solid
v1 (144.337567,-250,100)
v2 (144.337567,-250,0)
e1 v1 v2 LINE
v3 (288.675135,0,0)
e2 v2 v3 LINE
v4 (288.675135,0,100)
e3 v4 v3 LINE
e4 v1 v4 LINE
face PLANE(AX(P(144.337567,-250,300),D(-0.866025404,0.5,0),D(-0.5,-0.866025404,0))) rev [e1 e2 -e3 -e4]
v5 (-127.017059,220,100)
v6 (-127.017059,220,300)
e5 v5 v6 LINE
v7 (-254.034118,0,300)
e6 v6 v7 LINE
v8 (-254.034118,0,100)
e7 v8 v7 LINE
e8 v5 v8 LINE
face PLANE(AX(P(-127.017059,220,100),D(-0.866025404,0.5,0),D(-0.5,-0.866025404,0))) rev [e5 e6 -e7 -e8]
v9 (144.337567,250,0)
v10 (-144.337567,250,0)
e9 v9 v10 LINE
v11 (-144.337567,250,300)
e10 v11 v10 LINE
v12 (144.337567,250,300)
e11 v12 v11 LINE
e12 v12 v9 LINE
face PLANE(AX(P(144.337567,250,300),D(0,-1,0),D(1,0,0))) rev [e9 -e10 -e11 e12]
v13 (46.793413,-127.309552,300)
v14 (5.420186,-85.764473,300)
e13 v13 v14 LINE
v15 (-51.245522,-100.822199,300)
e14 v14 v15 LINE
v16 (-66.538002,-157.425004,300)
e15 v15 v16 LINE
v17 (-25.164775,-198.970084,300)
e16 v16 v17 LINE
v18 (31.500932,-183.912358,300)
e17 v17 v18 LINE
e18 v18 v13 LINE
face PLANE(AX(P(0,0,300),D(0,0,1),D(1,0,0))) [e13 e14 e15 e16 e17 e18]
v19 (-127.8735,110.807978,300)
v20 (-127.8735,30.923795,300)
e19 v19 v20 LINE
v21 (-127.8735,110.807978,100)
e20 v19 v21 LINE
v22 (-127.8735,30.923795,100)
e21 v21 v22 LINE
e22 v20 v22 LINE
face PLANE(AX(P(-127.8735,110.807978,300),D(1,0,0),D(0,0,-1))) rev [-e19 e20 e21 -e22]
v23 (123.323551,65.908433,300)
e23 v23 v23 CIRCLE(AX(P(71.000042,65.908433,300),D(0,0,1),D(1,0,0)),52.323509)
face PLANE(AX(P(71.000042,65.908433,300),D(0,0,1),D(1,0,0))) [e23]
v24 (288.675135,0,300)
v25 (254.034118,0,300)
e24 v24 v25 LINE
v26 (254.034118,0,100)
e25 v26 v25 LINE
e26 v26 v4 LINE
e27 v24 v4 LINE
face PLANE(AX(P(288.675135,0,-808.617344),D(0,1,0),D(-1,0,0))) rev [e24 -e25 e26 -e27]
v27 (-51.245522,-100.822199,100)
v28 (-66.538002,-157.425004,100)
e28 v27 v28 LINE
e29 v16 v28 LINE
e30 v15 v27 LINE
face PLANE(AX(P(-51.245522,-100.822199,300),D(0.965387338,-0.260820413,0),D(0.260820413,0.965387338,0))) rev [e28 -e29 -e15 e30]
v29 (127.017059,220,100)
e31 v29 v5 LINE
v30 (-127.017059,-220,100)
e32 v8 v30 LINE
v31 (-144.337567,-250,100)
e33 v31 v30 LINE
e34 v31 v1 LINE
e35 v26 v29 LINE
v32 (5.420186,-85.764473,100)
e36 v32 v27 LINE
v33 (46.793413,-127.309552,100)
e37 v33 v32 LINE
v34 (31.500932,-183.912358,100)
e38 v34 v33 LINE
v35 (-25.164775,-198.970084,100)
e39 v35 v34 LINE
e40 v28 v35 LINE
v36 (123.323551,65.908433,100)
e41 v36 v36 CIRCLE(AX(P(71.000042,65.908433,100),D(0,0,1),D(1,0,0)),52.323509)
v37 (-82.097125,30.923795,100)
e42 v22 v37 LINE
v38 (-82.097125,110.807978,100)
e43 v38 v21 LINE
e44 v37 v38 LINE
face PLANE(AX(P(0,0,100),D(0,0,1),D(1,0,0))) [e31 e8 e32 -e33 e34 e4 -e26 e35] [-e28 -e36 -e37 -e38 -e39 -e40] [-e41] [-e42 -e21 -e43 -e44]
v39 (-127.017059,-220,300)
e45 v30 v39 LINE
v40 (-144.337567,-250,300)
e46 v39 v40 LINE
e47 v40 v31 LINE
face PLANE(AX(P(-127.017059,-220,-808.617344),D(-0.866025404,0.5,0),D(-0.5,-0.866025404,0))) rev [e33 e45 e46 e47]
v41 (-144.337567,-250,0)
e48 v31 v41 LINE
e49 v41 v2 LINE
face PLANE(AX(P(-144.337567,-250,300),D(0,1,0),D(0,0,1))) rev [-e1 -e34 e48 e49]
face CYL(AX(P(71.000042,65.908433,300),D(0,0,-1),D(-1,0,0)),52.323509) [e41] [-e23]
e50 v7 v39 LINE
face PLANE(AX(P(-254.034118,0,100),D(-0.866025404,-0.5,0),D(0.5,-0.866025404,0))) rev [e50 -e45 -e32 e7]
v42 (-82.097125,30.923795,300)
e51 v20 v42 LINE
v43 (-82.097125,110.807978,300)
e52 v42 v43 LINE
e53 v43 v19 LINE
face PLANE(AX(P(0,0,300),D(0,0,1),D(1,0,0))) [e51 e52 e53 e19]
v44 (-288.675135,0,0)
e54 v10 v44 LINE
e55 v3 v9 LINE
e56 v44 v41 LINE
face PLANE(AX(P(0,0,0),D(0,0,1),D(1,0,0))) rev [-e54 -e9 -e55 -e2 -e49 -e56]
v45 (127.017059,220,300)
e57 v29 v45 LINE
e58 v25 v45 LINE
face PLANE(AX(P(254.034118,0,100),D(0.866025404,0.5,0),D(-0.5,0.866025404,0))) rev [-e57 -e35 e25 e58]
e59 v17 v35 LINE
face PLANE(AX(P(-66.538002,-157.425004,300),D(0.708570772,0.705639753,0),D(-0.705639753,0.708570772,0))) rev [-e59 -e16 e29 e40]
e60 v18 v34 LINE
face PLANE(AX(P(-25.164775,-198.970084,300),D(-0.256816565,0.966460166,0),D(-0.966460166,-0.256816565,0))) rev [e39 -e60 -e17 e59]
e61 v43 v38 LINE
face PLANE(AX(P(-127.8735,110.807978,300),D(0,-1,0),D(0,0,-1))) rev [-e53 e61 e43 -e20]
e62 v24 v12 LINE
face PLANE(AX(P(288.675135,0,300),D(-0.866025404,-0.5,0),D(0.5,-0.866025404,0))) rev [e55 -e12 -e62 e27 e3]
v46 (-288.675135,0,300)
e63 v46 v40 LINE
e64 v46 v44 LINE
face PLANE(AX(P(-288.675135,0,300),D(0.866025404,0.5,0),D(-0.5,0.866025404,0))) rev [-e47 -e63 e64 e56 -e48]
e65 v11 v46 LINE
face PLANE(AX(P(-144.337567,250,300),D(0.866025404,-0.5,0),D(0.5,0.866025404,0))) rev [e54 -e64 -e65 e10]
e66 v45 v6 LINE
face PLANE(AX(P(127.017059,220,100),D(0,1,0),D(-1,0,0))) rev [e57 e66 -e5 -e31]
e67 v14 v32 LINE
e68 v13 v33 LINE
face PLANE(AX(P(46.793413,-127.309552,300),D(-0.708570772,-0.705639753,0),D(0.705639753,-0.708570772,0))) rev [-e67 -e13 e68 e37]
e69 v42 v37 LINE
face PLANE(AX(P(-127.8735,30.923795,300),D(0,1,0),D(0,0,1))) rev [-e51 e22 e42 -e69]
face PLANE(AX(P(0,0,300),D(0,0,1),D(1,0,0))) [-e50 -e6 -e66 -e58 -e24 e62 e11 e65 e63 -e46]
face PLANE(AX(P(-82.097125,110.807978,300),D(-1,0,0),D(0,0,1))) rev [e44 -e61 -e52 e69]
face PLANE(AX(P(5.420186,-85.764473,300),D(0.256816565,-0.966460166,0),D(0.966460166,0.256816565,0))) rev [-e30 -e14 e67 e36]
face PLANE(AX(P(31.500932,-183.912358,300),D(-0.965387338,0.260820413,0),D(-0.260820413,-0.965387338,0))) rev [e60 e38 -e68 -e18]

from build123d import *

# Parameters (mm, degrees)
BOSS_EXTRUDE1_DEPTH = 300
CUT_EXTRUDE1_DEPTH  = 200
CUT_EXTRUDE2_DEPTH  = 200
SKETCH4_R           = 52.323508973
SKETCH4_W           = 45.776374161
SKETCH4_H           = 79.884183104
BOSS_EXTRUDE2_DEPTH = 200
BOSS_EXTRUDE3_DEPTH = 200


with BuildPart() as part:
    # Sketch1 → Boss-Extrude1 (new body)
    with BuildSketch(Plane.XY):
        Polygon((144.337567297, -250), (288.675134595, 0), (144.337567297, 250), (-144.337567297, 250), (-288.675134595, 0), (-144.337567297, -250), align=None)
    extrude(amount=BOSS_EXTRUDE1_DEPTH)

    # Sketch2 → Cut-Extrude1 (cut)
    with BuildSketch(Plane.XY.offset(300)):
        Polygon((254.034118443, 0), (127.017059222, 220), (-127.017059222, 220), (-254.034118443, 0), (-127.017059222, -220), (127.017059222, -220), align=None)
    extrude(amount=-CUT_EXTRUDE1_DEPTH, mode=Mode.SUBTRACT)

    # Sketch3 → Cut-Extrude2 (cut)
    with BuildSketch(Plane.XY.offset(300)):
        Polygon((-127.017059222, -220), (-144.337567297, -250), (-253.098126512, -358.157726196), (520.522562071, -384.900169752), (552.995529246, 34.383141715), (288.675134595, 0), (254.034118443, 0), align=None)
    extrude(amount=-CUT_EXTRUDE2_DEPTH, mode=Mode.SUBTRACT)

    # Sketch4 → Boss-Extrude2 (add)
    with BuildSketch(Plane.XY.offset(100)):
        with Locations((71.000041779, 65.908432745)):
            Circle(SKETCH4_R)
        with Locations((-104.985312432, 70.865886515)):
            Rectangle(SKETCH4_W, SKETCH4_H)
    extrude(amount=BOSS_EXTRUDE2_DEPTH)

    # Sketch5 → Boss-Extrude3 (add)
    with BuildSketch(Plane.XY.offset(100)):
        Polygon((46.793412905, -127.30955218), (5.420185833, -85.764472901), (-51.245521762, -100.822198942), (-66.538002284, -157.425004263), (-25.164775212, -198.970083543), (31.500932383, -183.912357501), align=None)
    extrude(amount=BOSS_EXTRUDE3_DEPTH)


solid = part.part
